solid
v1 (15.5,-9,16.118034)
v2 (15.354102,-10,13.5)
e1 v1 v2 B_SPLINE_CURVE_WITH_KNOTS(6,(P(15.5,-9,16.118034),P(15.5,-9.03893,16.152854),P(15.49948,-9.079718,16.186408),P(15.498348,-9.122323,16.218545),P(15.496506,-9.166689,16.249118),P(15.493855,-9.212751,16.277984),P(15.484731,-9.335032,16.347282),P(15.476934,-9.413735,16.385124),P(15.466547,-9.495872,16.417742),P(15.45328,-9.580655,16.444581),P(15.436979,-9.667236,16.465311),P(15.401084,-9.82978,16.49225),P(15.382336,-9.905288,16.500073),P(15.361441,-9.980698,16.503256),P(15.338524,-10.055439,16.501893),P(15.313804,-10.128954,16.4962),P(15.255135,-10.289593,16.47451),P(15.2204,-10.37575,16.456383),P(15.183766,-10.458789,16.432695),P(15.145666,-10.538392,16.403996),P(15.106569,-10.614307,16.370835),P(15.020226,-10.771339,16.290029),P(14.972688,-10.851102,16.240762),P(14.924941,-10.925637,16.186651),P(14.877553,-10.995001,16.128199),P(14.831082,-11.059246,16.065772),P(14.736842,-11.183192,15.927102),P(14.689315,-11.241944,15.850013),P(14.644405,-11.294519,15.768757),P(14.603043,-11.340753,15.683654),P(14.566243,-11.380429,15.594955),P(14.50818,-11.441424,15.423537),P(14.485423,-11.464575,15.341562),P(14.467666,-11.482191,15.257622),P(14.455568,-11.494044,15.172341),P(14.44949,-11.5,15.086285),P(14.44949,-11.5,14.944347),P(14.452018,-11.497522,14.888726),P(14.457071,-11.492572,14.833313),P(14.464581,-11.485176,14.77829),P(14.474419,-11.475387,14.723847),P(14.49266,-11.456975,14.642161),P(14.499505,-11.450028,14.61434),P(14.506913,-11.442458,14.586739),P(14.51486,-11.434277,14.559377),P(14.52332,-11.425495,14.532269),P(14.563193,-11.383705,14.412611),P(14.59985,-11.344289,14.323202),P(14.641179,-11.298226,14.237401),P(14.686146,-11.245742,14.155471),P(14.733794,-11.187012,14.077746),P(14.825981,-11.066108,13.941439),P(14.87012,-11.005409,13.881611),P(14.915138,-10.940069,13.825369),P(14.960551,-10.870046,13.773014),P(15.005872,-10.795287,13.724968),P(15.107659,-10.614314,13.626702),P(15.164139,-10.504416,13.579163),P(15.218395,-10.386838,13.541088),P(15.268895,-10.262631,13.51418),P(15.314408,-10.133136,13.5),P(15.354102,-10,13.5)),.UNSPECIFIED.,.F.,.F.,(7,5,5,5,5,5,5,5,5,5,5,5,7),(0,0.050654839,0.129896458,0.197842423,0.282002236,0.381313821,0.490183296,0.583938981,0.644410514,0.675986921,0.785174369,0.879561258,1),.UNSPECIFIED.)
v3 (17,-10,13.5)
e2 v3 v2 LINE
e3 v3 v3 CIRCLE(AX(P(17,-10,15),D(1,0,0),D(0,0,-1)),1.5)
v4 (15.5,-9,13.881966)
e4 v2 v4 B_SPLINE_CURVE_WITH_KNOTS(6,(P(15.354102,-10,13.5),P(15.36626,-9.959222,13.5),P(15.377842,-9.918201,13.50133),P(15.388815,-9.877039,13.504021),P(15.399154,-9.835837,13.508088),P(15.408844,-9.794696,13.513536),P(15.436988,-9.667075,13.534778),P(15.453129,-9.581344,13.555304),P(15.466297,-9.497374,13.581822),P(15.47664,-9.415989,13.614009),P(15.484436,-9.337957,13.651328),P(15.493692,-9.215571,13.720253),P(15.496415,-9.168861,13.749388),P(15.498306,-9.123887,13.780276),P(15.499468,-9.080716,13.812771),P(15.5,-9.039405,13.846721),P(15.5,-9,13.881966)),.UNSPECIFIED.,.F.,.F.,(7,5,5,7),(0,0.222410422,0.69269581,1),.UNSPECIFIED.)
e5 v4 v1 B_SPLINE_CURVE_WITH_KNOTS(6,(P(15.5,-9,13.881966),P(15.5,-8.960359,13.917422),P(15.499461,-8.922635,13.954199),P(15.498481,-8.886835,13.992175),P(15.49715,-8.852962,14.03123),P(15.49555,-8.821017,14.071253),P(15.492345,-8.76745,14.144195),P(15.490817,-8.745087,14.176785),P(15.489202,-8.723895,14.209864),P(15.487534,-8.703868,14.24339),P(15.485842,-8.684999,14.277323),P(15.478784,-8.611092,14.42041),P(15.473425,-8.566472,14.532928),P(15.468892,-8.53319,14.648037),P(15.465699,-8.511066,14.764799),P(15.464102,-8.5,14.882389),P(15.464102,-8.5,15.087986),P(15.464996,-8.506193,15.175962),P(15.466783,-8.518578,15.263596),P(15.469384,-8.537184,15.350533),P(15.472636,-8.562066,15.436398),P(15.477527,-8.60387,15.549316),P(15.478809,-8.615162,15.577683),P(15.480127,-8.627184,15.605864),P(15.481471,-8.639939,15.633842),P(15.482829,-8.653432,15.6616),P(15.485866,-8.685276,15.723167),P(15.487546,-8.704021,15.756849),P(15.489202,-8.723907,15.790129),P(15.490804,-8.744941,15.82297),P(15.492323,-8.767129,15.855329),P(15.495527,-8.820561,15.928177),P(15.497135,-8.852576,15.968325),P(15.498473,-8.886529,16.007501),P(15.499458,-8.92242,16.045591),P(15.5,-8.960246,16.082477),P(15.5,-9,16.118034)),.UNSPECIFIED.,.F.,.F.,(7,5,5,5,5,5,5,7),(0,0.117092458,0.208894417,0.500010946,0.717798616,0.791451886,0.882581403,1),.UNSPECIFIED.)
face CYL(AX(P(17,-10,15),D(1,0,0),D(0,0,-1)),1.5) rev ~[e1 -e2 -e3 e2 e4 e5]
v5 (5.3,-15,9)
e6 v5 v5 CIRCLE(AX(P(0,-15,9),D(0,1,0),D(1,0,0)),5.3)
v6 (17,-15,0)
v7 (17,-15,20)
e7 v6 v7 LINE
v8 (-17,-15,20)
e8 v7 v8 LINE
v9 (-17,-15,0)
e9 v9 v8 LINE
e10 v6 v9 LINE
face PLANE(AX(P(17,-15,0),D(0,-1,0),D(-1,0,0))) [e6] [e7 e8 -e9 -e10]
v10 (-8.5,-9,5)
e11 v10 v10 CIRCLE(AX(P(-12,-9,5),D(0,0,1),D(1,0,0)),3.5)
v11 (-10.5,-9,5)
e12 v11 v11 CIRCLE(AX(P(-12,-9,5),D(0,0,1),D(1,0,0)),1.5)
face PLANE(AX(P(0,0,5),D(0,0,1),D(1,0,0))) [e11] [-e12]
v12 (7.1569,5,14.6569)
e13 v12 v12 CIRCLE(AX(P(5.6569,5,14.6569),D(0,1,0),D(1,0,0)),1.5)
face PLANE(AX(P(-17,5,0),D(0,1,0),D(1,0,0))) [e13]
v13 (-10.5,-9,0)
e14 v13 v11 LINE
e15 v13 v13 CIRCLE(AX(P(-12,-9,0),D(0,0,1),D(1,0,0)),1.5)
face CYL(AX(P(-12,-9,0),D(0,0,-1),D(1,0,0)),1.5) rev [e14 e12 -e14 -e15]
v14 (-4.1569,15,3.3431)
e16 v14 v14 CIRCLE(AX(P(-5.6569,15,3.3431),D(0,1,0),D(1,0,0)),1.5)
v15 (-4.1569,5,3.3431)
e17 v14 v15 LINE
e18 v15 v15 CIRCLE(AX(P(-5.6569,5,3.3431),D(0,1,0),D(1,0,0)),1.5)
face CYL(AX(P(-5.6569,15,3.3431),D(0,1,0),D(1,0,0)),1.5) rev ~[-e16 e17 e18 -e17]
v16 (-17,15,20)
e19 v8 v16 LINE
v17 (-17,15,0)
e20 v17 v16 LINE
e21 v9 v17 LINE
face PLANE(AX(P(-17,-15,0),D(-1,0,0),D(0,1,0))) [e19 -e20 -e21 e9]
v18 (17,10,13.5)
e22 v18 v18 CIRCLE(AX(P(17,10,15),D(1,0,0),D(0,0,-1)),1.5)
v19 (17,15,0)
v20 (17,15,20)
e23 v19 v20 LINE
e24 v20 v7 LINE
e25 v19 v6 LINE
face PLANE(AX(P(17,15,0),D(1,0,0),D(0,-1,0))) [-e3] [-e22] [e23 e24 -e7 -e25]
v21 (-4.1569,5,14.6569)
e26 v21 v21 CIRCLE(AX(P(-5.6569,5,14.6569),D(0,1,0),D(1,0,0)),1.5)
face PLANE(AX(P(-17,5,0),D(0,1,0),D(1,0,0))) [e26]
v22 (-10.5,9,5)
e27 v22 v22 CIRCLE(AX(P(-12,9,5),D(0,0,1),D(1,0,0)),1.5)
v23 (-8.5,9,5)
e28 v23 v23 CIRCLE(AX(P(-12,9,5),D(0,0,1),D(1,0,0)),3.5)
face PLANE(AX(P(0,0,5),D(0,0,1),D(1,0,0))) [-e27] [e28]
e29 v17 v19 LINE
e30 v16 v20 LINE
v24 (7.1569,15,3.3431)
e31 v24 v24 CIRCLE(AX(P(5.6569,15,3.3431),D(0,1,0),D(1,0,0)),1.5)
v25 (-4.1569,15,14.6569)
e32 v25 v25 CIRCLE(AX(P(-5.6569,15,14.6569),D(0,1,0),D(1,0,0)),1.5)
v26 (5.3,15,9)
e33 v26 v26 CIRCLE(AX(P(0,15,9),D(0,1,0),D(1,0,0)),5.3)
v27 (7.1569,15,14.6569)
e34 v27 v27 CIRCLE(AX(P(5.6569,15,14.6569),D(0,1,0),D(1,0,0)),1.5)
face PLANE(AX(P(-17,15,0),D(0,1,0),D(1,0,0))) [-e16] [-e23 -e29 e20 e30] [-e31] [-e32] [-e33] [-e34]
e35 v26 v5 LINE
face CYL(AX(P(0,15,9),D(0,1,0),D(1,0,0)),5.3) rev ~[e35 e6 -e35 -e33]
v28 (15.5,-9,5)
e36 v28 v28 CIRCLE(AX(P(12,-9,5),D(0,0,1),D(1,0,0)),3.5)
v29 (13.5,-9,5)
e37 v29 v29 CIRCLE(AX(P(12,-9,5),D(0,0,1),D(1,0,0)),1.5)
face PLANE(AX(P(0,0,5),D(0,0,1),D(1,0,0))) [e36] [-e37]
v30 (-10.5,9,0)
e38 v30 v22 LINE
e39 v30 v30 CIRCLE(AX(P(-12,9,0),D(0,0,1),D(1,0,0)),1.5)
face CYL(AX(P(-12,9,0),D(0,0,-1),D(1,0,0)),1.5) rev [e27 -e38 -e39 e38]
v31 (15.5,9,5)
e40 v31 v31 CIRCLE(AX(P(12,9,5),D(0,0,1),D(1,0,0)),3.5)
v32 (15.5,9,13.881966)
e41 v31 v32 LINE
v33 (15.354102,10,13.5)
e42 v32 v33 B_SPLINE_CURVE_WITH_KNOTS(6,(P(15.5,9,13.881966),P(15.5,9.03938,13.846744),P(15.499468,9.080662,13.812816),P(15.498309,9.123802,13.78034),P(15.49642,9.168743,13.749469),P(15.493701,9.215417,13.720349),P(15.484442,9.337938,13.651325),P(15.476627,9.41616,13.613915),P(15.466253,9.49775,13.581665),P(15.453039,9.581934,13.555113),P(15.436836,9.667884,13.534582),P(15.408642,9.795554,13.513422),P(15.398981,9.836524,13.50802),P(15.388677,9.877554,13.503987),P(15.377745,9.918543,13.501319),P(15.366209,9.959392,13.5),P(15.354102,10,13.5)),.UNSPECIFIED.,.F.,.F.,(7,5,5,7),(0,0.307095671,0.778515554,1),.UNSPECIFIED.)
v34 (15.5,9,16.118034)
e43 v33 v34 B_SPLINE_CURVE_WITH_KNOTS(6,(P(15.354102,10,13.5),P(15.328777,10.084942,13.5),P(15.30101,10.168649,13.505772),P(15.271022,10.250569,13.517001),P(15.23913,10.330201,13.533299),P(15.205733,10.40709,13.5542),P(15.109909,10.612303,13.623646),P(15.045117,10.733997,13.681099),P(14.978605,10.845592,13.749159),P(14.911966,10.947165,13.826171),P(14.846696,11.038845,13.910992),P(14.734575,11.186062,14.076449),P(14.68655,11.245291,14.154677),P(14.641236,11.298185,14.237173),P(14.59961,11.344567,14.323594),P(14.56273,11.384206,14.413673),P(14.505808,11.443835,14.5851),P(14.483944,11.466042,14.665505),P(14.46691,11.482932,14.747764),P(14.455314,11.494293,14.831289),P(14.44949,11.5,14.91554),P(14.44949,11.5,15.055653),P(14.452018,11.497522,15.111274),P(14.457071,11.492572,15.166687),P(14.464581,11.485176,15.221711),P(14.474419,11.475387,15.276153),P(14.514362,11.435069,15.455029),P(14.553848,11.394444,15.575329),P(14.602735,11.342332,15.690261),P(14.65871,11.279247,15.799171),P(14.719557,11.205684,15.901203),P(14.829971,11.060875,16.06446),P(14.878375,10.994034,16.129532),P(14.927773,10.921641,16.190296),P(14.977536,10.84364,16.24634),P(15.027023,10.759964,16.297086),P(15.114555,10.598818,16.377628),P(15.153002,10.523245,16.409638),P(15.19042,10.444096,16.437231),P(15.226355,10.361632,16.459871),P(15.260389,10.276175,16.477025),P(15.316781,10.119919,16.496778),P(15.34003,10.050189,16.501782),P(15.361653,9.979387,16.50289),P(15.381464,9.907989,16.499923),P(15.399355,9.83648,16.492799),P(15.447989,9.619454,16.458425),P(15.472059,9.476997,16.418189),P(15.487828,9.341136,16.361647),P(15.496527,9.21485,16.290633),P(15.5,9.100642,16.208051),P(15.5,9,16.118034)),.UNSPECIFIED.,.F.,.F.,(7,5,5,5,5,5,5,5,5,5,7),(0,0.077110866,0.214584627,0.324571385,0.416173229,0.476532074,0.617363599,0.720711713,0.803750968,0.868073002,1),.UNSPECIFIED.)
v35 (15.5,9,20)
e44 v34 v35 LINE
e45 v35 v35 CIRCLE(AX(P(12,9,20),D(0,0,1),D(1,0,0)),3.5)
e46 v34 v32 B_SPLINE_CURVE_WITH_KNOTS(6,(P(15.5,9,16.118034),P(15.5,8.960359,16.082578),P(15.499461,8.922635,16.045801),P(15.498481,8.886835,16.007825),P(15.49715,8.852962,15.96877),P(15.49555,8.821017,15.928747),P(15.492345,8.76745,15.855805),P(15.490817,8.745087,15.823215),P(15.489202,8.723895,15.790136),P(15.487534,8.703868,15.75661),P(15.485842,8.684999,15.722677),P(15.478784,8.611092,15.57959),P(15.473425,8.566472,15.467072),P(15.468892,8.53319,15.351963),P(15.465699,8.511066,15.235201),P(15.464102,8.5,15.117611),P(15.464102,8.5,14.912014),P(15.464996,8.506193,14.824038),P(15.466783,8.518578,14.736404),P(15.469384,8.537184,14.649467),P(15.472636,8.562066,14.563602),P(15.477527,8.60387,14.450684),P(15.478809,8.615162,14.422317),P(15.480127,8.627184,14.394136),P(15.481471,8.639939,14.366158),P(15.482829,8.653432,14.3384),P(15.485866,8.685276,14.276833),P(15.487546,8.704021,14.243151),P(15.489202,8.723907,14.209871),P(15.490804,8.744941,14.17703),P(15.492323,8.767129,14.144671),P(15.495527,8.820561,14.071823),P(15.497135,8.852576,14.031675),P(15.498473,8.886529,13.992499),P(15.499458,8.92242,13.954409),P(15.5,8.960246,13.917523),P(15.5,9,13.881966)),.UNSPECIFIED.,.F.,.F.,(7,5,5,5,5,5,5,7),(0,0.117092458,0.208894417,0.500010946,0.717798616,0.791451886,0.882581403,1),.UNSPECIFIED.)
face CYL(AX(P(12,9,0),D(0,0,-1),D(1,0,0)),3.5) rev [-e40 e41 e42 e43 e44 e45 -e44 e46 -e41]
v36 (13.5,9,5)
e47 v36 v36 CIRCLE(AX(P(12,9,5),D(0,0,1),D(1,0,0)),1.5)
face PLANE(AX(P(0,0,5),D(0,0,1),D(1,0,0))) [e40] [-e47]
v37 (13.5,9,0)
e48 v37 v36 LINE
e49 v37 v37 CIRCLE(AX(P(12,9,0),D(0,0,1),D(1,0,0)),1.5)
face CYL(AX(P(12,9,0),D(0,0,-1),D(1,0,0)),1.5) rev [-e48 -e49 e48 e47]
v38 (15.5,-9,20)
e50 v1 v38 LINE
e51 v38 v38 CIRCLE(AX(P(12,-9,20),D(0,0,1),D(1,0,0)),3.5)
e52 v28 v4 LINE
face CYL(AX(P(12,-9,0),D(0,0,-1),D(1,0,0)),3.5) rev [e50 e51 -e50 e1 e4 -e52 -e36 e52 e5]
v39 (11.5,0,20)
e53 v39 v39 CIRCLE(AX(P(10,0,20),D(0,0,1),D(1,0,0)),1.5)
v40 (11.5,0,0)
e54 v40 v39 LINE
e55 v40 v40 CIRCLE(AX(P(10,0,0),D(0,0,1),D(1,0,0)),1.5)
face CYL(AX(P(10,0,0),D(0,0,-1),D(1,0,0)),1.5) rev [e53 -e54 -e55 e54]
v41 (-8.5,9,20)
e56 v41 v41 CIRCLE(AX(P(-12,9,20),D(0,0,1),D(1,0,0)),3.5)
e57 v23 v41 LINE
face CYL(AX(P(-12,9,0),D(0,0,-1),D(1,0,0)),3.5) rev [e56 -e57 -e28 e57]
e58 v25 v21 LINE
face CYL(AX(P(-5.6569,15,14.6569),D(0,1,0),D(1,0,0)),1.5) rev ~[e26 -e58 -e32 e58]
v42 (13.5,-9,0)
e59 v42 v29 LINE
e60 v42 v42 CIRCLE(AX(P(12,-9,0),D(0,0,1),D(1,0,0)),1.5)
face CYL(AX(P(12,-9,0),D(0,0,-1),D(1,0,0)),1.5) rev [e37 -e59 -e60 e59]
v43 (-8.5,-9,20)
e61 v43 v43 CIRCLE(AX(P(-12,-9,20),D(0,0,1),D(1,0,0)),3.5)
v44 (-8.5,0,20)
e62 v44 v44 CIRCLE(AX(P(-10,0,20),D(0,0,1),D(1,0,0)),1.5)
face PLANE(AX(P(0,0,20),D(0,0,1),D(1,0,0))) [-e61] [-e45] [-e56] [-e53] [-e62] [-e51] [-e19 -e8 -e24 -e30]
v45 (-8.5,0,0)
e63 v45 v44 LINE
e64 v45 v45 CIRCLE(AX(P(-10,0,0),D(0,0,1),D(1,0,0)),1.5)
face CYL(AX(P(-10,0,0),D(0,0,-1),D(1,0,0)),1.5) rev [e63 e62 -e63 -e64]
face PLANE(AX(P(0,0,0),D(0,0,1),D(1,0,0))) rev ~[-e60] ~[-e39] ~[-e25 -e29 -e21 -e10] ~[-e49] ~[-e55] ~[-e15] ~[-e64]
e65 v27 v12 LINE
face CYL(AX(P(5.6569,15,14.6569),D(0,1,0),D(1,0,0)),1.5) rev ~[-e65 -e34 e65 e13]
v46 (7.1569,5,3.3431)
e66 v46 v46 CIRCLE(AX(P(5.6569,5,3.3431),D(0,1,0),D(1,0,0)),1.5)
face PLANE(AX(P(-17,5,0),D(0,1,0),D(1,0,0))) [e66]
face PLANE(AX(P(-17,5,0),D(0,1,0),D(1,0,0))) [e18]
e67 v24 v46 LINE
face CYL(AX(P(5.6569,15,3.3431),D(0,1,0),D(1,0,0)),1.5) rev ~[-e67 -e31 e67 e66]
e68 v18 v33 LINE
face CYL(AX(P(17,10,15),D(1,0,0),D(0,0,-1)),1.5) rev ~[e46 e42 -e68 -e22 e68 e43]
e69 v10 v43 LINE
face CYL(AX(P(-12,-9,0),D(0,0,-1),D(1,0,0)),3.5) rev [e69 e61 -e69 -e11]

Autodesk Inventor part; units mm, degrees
ref_plane "YZ Plane" through (0, 0, 0) normal (1, 0, 0) x (0, 1, 0)
ref_plane "XZ Plane" through (0, 0, 0) normal (0, 1, 0) x (-1, 0, 0)
ref_plane "XY Plane" through (0, 0, 0) normal (0, 0, 1) x (1, 0, 0)
sketch "Sketch1" plane through (0, 0, 0) normal (0, 0, 1) x (1, 0, 0)
  circle A0 centre (-12, 9) radius 1.5
  line L0 (12, -9) -> (-12, -9) construction
  line L1 (-12, -9) -> (-12, 9) construction
  line L2 (-12, 9) -> (12, 9) construction
  line L3 (12, 9) -> (12, -9) construction
  line L4 (12, -9) -> (-12, 9) construction
  line L5 (-12, -9) -> (12, 9) construction
  circle A1 centre (12, 9) radius 1.5
  circle A2 centre (12, -9) radius 1.5
  circle A3 centre (-12, -9) radius 1.5
  line L6 (17, -15) -> (-17, -15)
  line L7 (-17, -15) -> (-17, 15)
  line L8 (-17, 15) -> (17, 15)
  line L9 (17, 15) -> (17, -15)
  line L10 (17, -15) -> (-17, 15) construction
  line L11 (-17, -15) -> (17, 15) construction
  circle A4 centre (0, 0) radius 4
  circle A5 centre (12, 9) radius 3.5
  circle A6 centre (-12, 9) radius 3.5
  circle A7 centre (-12, -9) radius 3.5
  circle A8 centre (12, -9) radius 3.5
  circle A9 centre (10, 0) radius 1.5
  circle A10 centre (-10, 0) radius 1.5
  line L12 (10, 0) -> (0, 0) construction
  line L13 (0, 0) -> (-10, 0) construction
  point P0 (0, 0)
  dimension "d0" = 3
  dimension "d1" = 24
  dimension "d2" = 18
  dimension "d3" = 3
  dimension "d4" = 3
  dimension "d5" = 3
  dimension "d6" = 34
  dimension "d7" = 30
  dimension "d8" = 8
  dimension "d15" = 2
  dimension "d16" = 2
  dimension "d17" = 2
  dimension "d18" = 2
  dimension "d59" = 3
  dimension "d60" = 10
  dimension "d61" = 10
  dimension "d62" = 3
extrude "Extrusion1" add sketch "Sketch1" along normal blind 20 contours L6 L7 L8 L9 | A4
extrude "Extrusion3" add sketch "Sketch1" along normal blind 5 from surface at 0 contours A5 | A6 | A7 | A8
sketch "Sketch2" plane through (-17, 15, 0) normal (0, 1, 0) x (1, 0, 0)
  circle A0 centre (17, -9) radius 5.3
  line L0 (17, -9) -> (17, 0) construction
  line L1 (17, -9) -> (22.6569, -14.6569) construction
  line L2 (17, -9) -> (25, -9) construction
  circle A1 centre (22.6569, -14.6569) radius 1.5
  circle A2 centre (22.6569, -3.3431) radius 1.5
  circle A3 centre (11.3431, -3.3431) radius 1.5
  circle A4 centre (11.3431, -14.6569) radius 1.5
  line L3 (17, -9) -> (17, 11) construction
  line L4 (20.5261, 0) -> (13.5408, 0) construction
  dimension "d11" = 10.6
  dimension "d12" = 9
  dimension "d21" = 45
  dimension "d22" = 8
  dimension "d23" = 3
  dimension "d26" = 360
  dimension "d49" = 20
  dimension "d50" = 11
extrude "Extrusion2" cut sketch "Sketch2" against normal through all contours A0
extrude "Extrusion4" cut sketch "Sketch2" against normal blind 10 contours A1 | A2 | A3 | A4
sketch "Sketch3" plane through (0, 0, 0) normal (0, 1, 0) x (-1, 0, 0)
  line L0 (-64.168, -21.8863) -> (-22.168, -21.8863)
  line L1 (-22.168, -21.8863) -> (-22.168, 20.1137)
  line L2 (-22.168, 20.1137) -> (-64.168, 20.1137)
  line L3 (-64.168, 20.1137) -> (-64.168, -21.8863)
  line L4 (-64.168, -21.8863) -> (-22.168, 20.1137) construction
  line L5 (-22.168, -21.8863) -> (-64.168, 20.1137) construction
  circle A0 centre (-27.668, 14.6137) radius 1.5
  circle A1 centre (-27.668, -16.3863) radius 1.5
  circle A2 centre (-58.668, -16.3862) radius 1.5
  circle A3 centre (-58.668, 14.6138) radius 1.5
  circle A4 centre (-43.168, -0.8863) radius 11
  circle A5 centre (-43.168, -0.8863) radius 4
  line L6 (-22.168, -17.8863) -> (-26.168, -21.8863)
  line L7 (-22.168, 16.1137) -> (-26.168, 20.1137)
  line L8 (-60.168, -21.8863) -> (-64.168, -17.8863)
  line L9 (-64.168, 16.1137) -> (-60.168, 20.1137)
  circle A6 centre (-43.168, -0.8863) radius 2.5
  point P0 (0, 0)
  dimension "d30" = 42
  dimension "d31" = 31
  dimension "d32" = 31
  dimension "d33" = 31
  dimension "d34" = 31
  dimension "d35" = 3
  dimension "d36" = 3
  dimension "d37" = 3
  dimension "d38" = 3
  dimension "d39" = 22
  dimension "d40" = 8
  dimension "d41" = 4
  dimension "d42" = 4
  dimension "d43" = 4
  dimension "d44" = 4
  dimension "d45" = 4
  dimension "d46" = 4
  dimension "d47" = 4
  dimension "d48" = 5
sketch "Sketch4" plane through (17, -15, 0) normal (1, 0, 0) x (0, 0, -1)
  circle A0 centre (-15, 25) radius 1.5
  line L0 (-20, 0) -> (-20, 30) projected
  line L1 (0, 30) -> (-20, 30) projected
  circle A1 centre (-15, 5) radius 1.5
  line L2 (0, 0) -> (-20, 0) projected
  point P0 (0, 15)
  dimension "d51" = 3
  dimension "d52" = 5
  dimension "d53" = 5
  dimension "d54" = 3
  dimension "d55" = 5
  dimension "d56" = 5
extrude "Extrusion5" cut sketch "Sketch4" against normal blind 5
equation "\"d3\" = d0"
equation "\"d4\" = d0"
equation "\"d5\" = d0"
equation "\"d16\" = d15"
equation "\"d17\" = d15"
equation "\"d18\" = d15"
equation "\"d61\" = d60"
equation "\"d32\" = d31"
equation "\"d33\" = d31"
equation "\"d34\" = d31"
equation "\"d36\" = d35"
equation "\"d37\" = d35"
equation "\"d38\" = d35"
equation "\"d42\" = d41"
equation "\"d43\" = d41"
equation "\"d44\" = d41"
equation "\"d45\" = d41"
equation "\"d46\" = d41"
equation "\"d47\" = d41"
equation "\"d54\" = d51"
equation "\"d55\" = d52"
equation "\"d56\" = d53"
properties part number "ZX Axis Carriage"
